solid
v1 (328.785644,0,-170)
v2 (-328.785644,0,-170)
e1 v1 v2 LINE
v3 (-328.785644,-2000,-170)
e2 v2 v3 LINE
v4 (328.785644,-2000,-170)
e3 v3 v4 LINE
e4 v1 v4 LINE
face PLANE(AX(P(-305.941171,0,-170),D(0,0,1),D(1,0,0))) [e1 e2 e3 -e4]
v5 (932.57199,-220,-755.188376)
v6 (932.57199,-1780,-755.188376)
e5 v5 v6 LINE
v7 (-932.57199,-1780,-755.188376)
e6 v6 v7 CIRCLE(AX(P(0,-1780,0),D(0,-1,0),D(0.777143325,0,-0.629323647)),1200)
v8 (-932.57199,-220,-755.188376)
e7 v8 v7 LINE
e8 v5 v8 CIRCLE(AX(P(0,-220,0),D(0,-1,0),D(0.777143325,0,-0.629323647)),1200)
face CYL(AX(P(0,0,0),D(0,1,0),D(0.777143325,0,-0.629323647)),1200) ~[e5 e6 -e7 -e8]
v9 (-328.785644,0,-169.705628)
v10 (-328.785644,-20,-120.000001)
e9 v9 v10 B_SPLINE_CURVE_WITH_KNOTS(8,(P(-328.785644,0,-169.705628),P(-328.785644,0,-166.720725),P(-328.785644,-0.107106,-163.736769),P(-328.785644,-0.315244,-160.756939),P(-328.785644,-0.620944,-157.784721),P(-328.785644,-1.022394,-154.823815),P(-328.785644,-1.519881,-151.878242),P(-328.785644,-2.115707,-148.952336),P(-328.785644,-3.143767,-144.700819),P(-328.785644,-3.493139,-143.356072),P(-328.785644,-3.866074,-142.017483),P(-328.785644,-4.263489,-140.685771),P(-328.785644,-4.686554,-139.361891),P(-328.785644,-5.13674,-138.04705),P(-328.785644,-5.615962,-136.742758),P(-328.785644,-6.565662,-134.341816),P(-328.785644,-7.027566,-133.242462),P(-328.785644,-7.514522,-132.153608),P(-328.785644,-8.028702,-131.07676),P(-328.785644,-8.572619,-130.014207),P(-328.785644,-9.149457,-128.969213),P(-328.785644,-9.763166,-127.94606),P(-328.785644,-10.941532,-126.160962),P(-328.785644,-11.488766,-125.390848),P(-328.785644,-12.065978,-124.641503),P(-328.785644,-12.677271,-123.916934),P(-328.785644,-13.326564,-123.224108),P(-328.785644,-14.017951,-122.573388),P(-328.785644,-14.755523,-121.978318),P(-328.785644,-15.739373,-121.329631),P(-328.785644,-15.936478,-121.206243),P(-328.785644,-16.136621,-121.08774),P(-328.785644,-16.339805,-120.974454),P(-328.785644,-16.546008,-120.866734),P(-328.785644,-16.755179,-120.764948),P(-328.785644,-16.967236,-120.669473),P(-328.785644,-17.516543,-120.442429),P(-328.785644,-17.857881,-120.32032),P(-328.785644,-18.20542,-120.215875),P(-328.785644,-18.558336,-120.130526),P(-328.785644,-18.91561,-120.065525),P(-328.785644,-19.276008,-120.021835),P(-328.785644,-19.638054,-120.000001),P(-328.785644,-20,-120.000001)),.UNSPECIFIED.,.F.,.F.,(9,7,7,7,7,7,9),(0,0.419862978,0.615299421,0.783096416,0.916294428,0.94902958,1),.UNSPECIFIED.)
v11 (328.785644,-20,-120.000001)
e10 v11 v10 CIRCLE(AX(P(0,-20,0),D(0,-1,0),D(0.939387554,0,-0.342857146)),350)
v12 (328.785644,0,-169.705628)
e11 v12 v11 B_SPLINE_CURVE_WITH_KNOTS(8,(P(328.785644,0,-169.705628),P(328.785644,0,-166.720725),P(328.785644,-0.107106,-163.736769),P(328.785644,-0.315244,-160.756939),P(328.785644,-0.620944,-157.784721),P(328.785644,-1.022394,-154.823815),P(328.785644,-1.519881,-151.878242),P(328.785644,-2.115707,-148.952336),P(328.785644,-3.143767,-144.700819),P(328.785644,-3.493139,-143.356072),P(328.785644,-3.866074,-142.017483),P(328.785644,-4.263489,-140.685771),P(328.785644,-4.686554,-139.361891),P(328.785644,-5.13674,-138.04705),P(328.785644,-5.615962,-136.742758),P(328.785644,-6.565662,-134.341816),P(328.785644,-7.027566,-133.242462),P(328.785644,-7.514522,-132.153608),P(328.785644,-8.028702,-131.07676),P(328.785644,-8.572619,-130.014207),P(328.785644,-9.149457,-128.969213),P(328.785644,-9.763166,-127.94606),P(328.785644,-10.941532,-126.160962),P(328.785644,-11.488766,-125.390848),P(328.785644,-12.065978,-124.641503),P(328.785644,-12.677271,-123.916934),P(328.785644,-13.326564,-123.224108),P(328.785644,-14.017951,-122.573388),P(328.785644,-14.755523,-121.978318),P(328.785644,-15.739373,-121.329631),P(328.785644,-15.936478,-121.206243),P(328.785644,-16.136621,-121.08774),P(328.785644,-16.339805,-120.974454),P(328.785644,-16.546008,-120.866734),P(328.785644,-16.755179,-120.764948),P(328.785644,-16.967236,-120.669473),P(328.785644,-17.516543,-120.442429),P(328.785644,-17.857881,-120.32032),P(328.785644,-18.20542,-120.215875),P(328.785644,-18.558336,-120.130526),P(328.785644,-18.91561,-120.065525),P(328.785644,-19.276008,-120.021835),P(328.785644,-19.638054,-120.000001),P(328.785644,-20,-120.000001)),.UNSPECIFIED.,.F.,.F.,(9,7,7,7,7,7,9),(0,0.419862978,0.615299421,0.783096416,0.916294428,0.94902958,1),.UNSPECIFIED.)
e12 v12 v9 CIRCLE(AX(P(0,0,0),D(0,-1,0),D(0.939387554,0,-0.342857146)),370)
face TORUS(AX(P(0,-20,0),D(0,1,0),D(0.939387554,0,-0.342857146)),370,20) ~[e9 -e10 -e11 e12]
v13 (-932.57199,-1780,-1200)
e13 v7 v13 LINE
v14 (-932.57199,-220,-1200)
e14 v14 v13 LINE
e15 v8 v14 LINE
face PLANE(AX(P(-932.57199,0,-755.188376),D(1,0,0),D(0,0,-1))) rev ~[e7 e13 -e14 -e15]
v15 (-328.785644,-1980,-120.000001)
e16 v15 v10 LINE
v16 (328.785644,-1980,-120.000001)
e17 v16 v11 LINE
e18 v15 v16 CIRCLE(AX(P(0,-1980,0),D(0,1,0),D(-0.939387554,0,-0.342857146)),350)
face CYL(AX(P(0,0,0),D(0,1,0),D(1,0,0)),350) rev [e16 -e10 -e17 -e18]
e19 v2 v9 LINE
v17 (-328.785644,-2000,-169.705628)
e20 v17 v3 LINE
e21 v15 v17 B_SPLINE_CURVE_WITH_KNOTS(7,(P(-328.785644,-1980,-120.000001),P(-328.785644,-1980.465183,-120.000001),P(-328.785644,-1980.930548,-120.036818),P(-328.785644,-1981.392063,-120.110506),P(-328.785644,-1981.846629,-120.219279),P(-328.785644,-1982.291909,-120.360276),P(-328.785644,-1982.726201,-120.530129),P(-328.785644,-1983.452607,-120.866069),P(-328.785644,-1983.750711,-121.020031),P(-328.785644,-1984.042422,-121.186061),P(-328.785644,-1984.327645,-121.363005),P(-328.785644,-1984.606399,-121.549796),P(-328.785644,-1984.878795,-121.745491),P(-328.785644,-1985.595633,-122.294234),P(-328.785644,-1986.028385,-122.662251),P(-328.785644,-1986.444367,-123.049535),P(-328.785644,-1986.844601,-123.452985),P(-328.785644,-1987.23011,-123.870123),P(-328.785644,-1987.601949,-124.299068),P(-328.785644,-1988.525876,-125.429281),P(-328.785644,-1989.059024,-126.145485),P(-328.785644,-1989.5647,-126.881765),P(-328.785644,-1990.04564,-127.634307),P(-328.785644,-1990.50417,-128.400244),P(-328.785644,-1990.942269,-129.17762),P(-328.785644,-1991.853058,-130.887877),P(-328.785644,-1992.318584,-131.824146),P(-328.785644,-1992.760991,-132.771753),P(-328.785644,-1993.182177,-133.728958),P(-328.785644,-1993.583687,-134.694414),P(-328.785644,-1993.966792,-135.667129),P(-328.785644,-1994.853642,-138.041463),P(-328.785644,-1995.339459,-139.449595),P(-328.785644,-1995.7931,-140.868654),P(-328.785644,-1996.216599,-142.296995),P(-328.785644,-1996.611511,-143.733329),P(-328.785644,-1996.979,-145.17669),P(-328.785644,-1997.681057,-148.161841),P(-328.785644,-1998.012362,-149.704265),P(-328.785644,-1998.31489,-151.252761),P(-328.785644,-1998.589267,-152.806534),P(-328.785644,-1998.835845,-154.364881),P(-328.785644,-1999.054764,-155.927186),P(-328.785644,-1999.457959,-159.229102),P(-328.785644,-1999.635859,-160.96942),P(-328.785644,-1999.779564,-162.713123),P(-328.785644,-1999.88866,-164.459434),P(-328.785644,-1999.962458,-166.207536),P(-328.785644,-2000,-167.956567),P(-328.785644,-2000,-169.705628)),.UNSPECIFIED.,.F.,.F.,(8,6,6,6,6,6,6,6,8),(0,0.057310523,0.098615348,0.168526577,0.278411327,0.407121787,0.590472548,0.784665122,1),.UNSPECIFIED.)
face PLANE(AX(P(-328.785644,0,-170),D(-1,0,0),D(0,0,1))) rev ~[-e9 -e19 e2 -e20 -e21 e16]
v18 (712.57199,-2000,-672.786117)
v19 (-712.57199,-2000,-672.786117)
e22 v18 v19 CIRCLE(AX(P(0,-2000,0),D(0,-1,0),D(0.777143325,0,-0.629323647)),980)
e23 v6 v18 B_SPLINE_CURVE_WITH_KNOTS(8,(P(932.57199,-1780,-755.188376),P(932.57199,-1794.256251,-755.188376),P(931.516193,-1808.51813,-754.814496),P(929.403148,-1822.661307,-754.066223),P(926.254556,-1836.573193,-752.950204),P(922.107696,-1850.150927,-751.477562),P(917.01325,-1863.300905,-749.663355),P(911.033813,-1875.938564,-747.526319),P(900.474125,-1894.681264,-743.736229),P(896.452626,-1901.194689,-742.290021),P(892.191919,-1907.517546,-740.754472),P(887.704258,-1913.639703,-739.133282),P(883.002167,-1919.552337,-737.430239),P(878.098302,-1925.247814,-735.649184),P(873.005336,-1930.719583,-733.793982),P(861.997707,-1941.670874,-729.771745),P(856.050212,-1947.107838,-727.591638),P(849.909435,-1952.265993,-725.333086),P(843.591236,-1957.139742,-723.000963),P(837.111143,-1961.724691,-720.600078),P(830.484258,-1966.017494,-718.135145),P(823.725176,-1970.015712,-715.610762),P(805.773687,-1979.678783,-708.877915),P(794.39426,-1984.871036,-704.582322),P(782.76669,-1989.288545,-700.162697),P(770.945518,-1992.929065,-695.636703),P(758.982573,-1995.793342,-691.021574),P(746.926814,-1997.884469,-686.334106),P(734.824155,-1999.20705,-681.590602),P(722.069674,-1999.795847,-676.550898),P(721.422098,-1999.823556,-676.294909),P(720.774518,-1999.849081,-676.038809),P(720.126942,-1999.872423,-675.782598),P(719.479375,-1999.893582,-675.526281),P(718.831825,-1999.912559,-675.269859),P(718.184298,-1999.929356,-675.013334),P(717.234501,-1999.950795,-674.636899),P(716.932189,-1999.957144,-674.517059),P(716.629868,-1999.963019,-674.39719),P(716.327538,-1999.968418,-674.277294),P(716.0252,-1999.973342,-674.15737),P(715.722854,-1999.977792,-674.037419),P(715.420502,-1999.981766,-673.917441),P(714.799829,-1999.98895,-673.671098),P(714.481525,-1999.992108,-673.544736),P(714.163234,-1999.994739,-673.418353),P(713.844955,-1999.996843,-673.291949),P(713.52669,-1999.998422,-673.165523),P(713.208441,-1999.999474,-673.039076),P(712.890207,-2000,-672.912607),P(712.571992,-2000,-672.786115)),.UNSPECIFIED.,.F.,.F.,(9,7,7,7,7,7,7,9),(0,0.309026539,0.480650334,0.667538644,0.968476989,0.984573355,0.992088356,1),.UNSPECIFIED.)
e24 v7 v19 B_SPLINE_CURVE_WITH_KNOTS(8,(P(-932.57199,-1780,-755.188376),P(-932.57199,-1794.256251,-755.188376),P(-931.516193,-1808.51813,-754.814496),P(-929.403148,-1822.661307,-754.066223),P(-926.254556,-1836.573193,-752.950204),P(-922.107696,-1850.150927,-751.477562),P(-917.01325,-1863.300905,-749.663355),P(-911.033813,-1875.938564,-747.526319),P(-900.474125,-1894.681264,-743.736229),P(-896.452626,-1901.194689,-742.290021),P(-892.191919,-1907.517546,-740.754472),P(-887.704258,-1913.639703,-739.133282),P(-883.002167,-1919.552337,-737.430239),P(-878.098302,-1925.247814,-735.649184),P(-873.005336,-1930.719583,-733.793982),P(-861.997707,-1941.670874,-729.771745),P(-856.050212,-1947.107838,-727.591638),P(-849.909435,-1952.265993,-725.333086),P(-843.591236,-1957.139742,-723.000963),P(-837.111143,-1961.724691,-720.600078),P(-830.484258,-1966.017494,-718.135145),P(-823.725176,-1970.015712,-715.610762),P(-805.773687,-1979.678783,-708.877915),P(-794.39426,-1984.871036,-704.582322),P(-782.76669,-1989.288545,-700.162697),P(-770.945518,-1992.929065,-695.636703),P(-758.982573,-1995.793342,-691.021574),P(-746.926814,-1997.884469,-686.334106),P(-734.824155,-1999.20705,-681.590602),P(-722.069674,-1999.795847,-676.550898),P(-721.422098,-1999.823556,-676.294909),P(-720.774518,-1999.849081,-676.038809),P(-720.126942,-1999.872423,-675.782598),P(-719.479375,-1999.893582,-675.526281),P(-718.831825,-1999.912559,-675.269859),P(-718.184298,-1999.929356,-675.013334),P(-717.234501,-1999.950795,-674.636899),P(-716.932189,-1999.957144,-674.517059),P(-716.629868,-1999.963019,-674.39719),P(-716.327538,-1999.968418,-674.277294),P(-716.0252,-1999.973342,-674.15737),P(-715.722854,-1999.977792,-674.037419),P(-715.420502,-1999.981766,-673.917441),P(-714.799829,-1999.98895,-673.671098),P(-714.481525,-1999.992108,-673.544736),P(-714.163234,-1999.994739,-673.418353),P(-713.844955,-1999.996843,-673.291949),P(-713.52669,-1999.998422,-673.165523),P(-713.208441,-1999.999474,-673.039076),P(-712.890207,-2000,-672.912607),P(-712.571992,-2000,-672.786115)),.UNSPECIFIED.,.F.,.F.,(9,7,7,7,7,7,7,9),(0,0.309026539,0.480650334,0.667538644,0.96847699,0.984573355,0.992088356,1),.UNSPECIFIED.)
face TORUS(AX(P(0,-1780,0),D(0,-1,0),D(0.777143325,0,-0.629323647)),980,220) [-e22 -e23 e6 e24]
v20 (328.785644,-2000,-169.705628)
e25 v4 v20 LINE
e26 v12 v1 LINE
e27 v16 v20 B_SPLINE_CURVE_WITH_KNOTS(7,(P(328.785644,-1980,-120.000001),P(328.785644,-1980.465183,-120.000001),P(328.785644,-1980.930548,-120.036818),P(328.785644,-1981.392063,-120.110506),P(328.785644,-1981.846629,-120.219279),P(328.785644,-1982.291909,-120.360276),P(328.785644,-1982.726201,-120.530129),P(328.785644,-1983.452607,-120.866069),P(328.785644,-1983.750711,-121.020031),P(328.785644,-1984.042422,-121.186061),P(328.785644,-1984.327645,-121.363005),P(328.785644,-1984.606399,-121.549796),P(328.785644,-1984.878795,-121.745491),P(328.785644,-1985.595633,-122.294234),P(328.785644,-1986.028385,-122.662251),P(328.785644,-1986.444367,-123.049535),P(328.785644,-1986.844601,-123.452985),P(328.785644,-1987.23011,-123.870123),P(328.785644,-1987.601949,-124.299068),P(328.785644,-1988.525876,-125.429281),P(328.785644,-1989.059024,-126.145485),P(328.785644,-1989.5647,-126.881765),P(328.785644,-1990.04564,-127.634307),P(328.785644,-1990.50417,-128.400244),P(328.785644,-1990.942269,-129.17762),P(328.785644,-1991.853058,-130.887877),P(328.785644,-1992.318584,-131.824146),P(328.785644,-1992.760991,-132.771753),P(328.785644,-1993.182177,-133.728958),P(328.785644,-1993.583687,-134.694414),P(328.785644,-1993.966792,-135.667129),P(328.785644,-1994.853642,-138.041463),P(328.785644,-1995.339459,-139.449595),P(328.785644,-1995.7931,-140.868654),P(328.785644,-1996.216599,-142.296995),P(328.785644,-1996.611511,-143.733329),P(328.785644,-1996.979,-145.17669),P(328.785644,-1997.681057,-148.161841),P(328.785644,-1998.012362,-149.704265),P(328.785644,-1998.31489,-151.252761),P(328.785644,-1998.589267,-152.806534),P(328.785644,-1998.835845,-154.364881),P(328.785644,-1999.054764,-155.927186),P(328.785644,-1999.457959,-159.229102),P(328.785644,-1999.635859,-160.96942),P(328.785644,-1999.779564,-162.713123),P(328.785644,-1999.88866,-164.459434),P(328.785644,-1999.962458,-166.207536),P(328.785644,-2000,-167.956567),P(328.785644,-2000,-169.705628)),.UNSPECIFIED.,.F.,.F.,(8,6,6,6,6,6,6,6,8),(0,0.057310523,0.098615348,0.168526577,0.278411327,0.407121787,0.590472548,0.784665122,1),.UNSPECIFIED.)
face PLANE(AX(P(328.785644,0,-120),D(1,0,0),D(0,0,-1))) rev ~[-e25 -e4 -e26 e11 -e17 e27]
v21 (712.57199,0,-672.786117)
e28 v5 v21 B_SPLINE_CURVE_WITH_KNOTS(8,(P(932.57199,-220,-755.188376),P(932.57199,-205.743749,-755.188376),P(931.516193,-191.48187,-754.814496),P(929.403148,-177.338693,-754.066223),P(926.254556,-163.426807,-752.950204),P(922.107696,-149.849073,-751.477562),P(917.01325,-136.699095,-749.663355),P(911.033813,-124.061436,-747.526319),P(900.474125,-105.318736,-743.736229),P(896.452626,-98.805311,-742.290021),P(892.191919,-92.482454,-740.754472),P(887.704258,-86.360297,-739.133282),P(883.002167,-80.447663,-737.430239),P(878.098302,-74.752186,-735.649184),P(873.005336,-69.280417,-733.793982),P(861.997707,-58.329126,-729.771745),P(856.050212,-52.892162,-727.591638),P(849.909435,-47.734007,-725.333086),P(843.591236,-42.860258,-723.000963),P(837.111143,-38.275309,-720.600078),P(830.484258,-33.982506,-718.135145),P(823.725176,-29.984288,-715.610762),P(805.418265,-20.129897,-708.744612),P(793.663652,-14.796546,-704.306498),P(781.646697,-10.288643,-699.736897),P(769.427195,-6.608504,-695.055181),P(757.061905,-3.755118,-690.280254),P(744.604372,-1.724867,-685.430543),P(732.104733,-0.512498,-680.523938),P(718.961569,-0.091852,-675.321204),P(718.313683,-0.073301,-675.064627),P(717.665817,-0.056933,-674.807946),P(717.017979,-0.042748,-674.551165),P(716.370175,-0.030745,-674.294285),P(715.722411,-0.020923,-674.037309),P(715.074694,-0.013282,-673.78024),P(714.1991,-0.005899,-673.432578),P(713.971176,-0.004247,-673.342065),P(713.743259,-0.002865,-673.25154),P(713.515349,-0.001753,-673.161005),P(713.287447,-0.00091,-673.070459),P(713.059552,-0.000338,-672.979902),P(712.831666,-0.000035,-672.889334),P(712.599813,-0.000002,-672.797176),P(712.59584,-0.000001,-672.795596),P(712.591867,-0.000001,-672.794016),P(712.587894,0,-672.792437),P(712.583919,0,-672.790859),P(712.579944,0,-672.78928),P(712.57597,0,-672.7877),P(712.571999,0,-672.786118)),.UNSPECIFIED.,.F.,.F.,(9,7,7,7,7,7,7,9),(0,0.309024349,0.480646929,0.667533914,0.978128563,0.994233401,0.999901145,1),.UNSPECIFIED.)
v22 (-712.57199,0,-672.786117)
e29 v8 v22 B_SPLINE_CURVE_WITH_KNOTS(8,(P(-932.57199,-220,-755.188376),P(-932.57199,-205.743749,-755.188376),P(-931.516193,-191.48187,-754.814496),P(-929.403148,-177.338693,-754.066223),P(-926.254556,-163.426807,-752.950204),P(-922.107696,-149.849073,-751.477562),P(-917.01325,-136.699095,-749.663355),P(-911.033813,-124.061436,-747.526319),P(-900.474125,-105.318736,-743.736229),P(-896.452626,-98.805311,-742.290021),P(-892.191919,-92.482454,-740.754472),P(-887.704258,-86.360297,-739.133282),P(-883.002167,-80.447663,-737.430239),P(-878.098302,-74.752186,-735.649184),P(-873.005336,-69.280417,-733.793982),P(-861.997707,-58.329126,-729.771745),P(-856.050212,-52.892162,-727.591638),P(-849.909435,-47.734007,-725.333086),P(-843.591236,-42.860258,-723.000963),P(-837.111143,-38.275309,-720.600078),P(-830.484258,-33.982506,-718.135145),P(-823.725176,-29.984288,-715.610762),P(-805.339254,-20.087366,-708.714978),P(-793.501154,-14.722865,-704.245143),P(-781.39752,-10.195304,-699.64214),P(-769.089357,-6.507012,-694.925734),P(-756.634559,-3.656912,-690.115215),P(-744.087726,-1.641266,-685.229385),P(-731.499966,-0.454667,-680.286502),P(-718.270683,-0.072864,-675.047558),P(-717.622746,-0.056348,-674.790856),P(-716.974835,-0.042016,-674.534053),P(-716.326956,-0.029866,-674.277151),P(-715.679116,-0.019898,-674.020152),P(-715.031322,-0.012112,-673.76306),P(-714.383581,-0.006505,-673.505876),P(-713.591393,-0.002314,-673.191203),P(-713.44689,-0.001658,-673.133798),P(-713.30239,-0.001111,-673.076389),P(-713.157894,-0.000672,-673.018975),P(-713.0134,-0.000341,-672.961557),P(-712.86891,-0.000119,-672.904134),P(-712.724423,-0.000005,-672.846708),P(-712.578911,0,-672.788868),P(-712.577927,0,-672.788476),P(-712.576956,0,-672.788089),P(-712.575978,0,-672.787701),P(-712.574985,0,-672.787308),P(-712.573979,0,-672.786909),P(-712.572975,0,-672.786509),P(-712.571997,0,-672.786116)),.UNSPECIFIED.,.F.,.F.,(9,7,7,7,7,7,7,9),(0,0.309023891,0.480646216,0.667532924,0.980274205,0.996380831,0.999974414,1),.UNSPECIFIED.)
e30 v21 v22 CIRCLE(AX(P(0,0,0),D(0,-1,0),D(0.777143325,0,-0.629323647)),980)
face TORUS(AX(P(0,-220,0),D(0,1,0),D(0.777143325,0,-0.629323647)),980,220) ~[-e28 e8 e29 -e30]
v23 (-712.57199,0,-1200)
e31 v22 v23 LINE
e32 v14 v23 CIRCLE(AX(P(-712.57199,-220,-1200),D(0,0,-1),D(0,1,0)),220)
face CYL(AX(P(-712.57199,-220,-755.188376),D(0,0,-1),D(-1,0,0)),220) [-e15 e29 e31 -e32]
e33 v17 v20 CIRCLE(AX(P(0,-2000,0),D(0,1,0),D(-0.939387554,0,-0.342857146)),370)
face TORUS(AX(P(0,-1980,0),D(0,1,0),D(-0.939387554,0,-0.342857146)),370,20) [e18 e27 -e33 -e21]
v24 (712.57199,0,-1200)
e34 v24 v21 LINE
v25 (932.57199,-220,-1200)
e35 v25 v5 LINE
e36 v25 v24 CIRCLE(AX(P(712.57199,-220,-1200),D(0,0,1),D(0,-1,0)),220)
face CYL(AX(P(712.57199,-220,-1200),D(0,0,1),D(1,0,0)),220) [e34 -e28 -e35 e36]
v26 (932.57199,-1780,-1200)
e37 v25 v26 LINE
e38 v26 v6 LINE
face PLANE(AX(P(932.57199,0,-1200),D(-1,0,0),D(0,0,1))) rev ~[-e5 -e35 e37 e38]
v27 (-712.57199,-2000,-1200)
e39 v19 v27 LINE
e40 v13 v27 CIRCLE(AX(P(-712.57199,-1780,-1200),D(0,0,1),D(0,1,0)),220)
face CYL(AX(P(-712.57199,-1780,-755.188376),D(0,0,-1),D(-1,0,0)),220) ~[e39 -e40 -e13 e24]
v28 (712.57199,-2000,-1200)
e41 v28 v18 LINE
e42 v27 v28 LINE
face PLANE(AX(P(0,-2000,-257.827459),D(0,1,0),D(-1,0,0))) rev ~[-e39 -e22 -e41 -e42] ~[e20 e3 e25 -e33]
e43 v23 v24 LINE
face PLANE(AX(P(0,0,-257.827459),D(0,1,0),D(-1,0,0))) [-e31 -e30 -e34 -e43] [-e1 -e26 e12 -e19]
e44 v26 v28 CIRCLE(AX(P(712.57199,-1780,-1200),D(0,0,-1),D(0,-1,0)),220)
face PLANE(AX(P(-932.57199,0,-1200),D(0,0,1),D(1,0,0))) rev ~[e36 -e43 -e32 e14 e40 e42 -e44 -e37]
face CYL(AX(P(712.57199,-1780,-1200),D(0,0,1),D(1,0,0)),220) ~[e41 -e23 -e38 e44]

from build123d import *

# Parameters (mm, degrees)
F0_R     = 350
F1_DEPTH = 2000
F2_R     = 220
F4_DEPTH = 2000.001
F6_DEPTH = 2000
F7_R     = 20


with BuildPart() as f1:
    # F0 (on Front) → F1 (new body)
    with BuildSketch(Plane.XZ):
        with BuildLine():
            Line((932.57199, -1200), (932.57199, -755.188376))
            ThreePointArc((932.57199, -755.188376), (0, 1200), (-932.57199, -755.188376))
            Line((-932.57199, -755.188376), (-932.57199, -1200))
            Line((-932.57199, -1200), (0, -1200))
            Line((0, -1200), (932.57199, -1200))
        make_face()
        Circle(F0_R, mode=Mode.SUBTRACT)
    extrude(amount=F1_DEPTH)

    # F2
    f2_edges = [f1.edges().sort_by_distance(p)[0] for p in [
        (0, -2000, 1200),
        (0, 0, 1200),
        (932.57199, -2000, -977.594188),
        (-932.57199, -2000, -977.594188),
        (932.57199, 0, -977.594188),
        (-932.57199, 0, -977.594188),
    ]]
    fillet(f2_edges, radius=F2_R)

    # F3 (on face) → F4 (cut, through all)
    with BuildSketch(Plane(origin=(0, 0, 0), x_dir=(-1, 0, 0), z_dir=(0, 1, 0))):
        Polygon((328.785644, -120), (0, -120), (-328.785644, -120), (-328.785644, -170), (0, -170), (328.785644, -170), align=None)
    extrude(amount=-F4_DEPTH, mode=Mode.SUBTRACT)

    # F5 (on face) → F6 (join, through all)
    with BuildSketch(Plane(origin=(0, 0, 0), x_dir=(-1, 0, 0), z_dir=(0, 1, 0))):
        Polygon((305.941171, -170), (-305.941171, -170), (-287.25341, -350), (0, -350), (287.25341, -350), align=None)
    extrude(amount=-F6_DEPTH)

    # F7
    f7_edges = [f1.edges().sort_by_distance(p)[0] for p in [
        (0, 0, 350),
        (0, -2000, 350),
    ]]
    fillet(f7_edges, radius=F7_R)


solid = f1.part
